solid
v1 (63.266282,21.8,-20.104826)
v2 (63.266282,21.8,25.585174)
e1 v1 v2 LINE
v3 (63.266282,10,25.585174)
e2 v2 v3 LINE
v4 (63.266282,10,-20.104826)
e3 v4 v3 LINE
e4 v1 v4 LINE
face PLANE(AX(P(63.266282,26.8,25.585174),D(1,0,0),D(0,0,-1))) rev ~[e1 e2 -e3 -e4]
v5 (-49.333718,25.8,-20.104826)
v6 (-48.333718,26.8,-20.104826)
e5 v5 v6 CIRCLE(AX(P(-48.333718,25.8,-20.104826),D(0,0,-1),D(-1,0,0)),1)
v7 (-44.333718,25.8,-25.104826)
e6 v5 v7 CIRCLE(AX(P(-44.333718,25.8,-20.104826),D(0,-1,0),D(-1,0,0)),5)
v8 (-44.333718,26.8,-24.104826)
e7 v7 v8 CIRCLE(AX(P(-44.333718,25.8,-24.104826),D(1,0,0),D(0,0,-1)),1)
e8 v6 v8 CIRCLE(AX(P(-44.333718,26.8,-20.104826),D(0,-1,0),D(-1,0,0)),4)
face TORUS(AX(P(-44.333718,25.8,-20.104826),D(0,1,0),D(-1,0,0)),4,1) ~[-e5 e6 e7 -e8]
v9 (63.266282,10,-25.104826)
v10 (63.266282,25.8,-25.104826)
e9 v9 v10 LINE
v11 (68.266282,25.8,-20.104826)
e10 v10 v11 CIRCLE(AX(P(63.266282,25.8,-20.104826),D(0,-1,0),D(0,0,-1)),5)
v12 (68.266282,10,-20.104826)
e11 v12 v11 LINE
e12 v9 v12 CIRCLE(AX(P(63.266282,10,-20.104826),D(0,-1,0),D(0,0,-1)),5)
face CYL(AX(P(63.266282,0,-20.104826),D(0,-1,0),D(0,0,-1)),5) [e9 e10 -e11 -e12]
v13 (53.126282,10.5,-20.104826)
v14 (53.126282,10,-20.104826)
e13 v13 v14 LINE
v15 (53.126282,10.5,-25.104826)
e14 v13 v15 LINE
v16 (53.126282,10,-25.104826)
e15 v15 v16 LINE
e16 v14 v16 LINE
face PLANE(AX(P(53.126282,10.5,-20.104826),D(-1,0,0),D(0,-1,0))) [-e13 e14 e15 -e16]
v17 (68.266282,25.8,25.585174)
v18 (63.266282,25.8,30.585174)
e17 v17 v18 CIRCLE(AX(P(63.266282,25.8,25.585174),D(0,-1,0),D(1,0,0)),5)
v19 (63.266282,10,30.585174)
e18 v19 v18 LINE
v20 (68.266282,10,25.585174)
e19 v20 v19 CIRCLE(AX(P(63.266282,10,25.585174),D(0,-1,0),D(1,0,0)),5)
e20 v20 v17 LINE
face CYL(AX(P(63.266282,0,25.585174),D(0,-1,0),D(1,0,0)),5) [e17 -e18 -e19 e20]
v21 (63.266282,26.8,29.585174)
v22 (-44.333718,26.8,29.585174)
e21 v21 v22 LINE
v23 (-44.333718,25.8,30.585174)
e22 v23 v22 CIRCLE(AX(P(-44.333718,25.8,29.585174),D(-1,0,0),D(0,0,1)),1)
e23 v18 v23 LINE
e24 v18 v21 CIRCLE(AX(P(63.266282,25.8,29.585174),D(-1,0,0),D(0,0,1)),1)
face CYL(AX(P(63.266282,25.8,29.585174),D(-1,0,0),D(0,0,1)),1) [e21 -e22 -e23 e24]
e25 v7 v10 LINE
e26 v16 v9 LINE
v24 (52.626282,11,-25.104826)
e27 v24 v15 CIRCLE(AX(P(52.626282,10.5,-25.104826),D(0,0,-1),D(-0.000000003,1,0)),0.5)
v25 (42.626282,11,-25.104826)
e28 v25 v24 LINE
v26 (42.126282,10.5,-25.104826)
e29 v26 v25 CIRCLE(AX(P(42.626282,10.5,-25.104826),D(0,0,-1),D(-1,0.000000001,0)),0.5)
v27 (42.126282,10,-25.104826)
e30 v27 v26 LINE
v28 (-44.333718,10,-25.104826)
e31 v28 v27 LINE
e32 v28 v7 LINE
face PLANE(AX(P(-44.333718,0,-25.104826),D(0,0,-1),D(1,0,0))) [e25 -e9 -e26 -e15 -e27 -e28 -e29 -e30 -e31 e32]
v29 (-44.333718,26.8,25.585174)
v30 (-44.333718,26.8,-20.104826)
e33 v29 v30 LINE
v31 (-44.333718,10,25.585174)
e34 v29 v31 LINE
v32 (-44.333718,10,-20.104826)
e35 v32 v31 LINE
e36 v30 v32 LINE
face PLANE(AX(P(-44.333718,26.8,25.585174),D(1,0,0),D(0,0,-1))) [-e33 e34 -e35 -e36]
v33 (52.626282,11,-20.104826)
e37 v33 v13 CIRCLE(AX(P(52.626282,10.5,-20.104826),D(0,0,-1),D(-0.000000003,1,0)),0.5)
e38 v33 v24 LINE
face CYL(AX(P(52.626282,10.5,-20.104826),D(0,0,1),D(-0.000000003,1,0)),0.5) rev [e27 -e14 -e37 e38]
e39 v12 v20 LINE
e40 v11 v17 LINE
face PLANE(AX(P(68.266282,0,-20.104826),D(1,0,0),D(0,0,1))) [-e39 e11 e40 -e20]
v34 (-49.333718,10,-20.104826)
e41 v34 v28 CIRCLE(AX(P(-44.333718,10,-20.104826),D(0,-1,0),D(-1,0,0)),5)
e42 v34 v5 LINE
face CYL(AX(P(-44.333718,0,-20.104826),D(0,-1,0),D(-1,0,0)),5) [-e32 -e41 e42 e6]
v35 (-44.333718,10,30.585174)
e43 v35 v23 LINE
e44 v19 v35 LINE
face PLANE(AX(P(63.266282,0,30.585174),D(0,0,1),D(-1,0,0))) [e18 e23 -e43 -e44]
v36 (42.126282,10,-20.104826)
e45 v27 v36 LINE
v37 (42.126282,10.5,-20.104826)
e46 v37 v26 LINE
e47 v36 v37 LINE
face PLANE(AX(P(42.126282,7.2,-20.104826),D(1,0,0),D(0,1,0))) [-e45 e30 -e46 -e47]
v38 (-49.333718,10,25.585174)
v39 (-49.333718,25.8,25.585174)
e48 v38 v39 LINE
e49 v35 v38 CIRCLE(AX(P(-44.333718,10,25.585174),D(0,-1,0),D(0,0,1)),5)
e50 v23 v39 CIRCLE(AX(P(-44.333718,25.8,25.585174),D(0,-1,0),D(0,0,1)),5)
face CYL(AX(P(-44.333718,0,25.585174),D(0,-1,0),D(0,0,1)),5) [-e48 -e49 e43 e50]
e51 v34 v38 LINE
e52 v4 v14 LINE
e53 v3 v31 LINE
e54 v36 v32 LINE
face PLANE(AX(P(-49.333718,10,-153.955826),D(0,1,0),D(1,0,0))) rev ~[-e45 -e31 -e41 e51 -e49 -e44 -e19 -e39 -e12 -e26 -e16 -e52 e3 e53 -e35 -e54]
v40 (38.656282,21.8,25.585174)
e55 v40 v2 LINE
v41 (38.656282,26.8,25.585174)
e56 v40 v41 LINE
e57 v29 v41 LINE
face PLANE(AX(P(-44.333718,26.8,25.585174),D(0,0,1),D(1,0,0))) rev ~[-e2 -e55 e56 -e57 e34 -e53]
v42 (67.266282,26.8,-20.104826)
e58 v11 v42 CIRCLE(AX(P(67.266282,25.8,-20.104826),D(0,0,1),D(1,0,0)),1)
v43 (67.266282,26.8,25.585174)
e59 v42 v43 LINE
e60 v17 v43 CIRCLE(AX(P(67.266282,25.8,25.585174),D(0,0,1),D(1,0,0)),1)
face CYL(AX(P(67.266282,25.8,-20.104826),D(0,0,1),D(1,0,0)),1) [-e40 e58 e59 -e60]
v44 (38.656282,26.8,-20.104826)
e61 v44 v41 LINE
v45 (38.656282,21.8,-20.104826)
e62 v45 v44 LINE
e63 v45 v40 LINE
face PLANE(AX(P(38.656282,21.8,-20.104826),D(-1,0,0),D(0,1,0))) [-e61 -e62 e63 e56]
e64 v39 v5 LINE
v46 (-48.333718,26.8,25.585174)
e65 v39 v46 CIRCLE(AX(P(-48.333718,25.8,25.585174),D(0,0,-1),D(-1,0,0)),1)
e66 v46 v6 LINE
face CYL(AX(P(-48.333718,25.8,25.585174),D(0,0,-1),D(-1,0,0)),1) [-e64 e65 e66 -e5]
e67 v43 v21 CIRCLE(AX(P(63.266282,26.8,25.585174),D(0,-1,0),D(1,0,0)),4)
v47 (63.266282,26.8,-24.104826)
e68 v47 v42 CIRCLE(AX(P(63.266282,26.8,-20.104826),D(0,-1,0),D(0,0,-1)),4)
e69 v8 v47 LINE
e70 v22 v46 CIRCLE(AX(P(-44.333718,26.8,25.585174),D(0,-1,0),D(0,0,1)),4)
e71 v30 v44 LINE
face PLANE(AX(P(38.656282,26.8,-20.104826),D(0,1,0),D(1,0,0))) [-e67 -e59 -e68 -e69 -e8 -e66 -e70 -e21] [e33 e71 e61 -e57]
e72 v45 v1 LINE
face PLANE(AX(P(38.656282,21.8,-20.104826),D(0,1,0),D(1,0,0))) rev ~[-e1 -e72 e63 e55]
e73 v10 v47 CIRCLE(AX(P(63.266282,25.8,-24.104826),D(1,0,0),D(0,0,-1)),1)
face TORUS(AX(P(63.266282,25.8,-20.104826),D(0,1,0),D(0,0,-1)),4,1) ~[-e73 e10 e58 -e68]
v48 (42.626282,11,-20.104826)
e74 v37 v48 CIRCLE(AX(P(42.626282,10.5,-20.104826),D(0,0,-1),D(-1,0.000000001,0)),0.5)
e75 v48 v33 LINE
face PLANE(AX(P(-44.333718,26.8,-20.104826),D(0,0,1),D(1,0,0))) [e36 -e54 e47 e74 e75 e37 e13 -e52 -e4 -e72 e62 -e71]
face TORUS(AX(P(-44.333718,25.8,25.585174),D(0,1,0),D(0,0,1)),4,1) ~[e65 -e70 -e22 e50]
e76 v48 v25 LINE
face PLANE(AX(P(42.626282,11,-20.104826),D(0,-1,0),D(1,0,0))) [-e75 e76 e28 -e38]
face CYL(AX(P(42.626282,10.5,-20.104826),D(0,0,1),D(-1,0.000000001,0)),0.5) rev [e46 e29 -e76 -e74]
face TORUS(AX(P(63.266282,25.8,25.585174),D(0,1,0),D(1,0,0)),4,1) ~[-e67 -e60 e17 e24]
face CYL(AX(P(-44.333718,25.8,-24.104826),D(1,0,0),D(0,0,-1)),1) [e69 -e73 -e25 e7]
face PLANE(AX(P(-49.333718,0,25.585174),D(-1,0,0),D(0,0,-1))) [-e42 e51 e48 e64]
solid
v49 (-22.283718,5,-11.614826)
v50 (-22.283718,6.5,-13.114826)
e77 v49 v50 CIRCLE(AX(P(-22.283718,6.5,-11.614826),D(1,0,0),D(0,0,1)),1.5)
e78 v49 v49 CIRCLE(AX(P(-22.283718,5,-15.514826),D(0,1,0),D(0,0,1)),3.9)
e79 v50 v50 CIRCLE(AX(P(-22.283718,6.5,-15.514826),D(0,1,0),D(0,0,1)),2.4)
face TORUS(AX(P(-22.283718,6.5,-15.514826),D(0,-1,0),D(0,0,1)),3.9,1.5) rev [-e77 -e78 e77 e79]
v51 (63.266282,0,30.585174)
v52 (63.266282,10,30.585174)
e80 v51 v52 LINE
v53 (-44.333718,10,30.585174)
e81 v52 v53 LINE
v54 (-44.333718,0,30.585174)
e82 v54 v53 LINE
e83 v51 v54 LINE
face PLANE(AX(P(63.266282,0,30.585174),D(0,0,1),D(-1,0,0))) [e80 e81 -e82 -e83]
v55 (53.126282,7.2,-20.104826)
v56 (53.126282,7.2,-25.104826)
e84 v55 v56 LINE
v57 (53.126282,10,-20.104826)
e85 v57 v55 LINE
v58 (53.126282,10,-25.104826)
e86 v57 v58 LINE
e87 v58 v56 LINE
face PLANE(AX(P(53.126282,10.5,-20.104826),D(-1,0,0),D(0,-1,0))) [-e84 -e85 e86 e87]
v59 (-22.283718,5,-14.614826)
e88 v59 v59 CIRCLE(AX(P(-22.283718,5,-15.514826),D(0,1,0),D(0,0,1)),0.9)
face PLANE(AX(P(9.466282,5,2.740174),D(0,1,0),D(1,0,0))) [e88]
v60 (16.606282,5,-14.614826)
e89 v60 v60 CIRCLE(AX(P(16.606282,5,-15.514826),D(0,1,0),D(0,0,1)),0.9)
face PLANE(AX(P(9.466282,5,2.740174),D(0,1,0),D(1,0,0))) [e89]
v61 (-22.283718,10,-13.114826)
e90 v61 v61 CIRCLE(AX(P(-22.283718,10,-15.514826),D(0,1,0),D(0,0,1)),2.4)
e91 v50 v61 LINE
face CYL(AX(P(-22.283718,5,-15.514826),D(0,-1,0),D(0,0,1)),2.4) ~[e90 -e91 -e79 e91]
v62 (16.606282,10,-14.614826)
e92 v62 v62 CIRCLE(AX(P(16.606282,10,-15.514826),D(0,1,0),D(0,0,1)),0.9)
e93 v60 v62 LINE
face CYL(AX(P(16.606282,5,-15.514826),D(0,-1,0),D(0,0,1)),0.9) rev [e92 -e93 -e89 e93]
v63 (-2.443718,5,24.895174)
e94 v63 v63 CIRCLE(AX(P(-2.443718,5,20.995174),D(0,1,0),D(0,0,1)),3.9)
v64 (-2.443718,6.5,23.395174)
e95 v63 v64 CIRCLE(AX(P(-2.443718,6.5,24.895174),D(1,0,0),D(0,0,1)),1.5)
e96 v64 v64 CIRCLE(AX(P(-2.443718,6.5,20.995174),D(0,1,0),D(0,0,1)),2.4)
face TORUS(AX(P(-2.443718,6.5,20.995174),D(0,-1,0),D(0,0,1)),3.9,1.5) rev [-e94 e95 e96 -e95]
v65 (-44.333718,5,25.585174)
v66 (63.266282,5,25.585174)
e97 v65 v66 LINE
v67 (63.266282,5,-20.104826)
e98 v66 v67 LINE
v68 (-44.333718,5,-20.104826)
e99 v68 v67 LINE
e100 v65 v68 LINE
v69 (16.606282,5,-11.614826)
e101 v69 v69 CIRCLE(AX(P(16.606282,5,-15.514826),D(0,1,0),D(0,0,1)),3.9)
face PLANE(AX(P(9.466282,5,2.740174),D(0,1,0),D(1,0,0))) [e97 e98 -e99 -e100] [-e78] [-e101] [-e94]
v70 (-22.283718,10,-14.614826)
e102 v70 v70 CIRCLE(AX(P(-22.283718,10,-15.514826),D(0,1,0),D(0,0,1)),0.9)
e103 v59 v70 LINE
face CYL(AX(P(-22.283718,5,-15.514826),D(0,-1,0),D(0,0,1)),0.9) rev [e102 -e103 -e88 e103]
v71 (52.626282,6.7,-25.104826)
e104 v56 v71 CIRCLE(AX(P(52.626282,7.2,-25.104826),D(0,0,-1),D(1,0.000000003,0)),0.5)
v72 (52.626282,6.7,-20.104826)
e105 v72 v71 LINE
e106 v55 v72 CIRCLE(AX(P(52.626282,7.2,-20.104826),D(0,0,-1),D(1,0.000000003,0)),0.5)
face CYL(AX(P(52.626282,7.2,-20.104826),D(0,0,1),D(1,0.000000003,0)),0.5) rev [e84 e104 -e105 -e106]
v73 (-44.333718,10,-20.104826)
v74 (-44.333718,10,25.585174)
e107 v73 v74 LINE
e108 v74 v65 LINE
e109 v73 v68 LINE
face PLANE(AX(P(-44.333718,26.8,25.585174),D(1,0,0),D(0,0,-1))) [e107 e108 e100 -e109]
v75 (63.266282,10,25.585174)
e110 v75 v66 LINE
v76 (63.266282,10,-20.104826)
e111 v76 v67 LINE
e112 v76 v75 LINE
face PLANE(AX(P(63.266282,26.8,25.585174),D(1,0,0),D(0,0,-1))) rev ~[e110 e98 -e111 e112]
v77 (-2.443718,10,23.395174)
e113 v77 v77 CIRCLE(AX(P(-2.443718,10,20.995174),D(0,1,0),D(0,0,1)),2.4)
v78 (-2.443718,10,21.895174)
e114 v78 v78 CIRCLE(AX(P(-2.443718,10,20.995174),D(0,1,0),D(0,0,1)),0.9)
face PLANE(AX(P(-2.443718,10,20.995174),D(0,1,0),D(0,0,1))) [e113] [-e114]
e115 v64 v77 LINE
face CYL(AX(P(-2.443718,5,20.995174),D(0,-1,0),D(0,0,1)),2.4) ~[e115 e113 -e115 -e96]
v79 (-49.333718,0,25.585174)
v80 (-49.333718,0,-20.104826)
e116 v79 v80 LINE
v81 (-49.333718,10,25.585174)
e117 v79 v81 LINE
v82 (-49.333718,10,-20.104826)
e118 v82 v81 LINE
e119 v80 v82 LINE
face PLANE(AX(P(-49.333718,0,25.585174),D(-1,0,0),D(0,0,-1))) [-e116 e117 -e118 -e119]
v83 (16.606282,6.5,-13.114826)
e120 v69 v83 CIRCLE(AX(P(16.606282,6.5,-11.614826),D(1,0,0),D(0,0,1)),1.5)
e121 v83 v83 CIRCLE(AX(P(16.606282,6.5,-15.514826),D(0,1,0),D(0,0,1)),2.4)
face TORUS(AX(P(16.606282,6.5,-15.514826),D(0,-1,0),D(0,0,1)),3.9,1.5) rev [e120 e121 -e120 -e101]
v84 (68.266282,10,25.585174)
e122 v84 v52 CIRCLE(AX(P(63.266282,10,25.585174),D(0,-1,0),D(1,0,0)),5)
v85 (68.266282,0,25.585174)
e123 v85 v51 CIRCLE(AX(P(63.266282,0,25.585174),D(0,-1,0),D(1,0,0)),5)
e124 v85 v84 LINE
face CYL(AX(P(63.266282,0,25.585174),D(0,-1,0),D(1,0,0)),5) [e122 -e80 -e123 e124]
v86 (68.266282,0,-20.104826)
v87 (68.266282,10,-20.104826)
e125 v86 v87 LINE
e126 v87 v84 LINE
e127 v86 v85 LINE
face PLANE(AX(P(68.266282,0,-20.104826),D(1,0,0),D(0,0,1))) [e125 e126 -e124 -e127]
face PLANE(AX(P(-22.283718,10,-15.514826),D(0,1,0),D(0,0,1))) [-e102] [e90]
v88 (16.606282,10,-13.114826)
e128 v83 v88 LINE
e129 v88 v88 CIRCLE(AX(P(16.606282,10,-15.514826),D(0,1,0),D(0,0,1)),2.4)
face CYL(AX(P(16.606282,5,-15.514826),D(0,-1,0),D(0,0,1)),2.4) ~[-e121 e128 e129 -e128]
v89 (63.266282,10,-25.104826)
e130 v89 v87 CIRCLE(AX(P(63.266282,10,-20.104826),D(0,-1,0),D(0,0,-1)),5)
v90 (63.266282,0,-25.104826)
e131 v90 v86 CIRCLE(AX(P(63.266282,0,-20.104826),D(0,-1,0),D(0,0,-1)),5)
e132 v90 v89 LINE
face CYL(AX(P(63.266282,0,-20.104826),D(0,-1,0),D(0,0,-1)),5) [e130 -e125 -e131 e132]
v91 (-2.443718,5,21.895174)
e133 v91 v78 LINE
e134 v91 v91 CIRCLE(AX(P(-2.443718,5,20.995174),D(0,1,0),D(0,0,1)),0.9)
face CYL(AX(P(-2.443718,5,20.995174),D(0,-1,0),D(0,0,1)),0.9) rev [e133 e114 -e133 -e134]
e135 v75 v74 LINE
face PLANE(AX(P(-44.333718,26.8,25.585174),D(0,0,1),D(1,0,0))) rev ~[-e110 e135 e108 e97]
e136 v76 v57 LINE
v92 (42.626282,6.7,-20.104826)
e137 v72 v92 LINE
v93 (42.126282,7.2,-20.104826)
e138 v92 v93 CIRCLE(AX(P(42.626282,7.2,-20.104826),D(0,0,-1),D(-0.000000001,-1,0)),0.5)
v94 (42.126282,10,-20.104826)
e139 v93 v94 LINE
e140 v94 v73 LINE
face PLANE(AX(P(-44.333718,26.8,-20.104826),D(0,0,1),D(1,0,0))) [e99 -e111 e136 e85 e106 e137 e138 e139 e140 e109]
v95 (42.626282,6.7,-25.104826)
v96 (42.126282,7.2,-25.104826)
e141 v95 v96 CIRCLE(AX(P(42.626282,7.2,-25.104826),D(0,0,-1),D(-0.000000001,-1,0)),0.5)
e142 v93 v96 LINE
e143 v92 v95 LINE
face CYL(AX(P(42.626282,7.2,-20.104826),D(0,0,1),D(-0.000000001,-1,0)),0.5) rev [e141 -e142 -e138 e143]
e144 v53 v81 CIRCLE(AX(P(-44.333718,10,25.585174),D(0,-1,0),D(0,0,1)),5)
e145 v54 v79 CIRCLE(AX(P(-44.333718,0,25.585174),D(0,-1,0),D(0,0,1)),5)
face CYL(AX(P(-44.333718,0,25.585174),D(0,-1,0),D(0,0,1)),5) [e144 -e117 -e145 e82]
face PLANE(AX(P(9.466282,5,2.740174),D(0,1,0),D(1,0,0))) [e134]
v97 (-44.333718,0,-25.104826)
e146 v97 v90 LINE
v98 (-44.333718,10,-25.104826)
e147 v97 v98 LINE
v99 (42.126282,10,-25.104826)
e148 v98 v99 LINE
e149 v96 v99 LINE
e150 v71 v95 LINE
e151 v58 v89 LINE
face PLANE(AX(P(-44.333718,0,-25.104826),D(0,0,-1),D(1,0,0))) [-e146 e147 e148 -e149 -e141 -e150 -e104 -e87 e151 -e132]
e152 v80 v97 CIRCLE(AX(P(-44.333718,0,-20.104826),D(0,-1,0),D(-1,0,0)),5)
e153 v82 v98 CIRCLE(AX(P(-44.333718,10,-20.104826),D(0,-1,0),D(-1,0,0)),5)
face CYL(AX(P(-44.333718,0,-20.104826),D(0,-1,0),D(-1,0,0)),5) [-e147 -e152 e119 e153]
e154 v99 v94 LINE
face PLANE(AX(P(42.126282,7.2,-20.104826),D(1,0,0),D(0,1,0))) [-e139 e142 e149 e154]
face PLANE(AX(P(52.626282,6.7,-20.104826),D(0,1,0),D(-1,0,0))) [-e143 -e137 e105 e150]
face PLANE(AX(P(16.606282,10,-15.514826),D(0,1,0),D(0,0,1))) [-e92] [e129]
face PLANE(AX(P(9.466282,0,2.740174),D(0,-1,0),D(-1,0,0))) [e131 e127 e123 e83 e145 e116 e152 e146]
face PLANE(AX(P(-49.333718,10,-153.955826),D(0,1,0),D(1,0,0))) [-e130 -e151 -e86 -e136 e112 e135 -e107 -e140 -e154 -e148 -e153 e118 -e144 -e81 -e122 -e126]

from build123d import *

# Parameters (mm, degrees)
BOSS_EXTRUDE2_DEPTH    = 26.8
SKETCH2_W              = 107.6
SKETCH2_H              = 45.69
CUT_EXTRUDE2_DEPTH     = 21.8
SKETCH3_R              = 2.4
SKETCH3_R_2            = 0.9
BOSS_EXTRUDE3_DEPTH    = 5
FILLET3_R              = 1
FILLET5_R              = 1.5
FILLET6_R              = 1.5
FILLET7_R              = 1.5
BOSS_EXTRUDE4_REACH    = 91.152
SKETCH10_W             = 24.61
SKETCH10_H             = 5
CUT_EXTRUDE3_DEPTH     = 5
SPLIT1_SURFACE_1_BACK  = 133.851
SPLIT1_SURFACE_1_DEPTH = 267.702
SPLIT1_SURFACE_2_BACK  = 133.851
SPLIT1_SURFACE_2_DEPTH = 267.702


with BuildPart() as part:
    # Sketch1 → Boss-Extrude2 (new body)
    with BuildSketch(Plane(origin=(0, 0, 0), x_dir=(1, 0, 0), z_dir=(0, 1, 0))):
        with BuildLine():
            Line((-44.333718436, 25.104825802), (63.266281564, 25.104825802))
            ThreePointArc((63.266281564, 25.104825802), (66.80181547, 23.640359708), (68.266281564, 20.104825802))
            Line((68.266281564, 20.104825802), (68.266281564, -25.585174198))
            ThreePointArc((68.266281564, -25.585174198), (66.80181547, -29.120708104), (63.266281564, -30.585174198))
            Line((63.266281564, -30.585174198), (-44.333718436, -30.585174198))
            ThreePointArc((-44.333718436, -30.585174198), (-47.869252342, -29.120708104), (-49.333718436, -25.585174198))
            Line((-49.333718436, -25.585174198), (-49.333718436, 20.104825802))
            ThreePointArc((-49.333718436, 20.104825802), (-47.869252342, 23.640359708), (-44.333718436, 25.104825802))
        make_face()
    extrude(amount=BOSS_EXTRUDE2_DEPTH)

    # Sketch2 → Cut-Extrude2 (cut)
    with BuildSketch(Plane(origin=(0, 26.8, 0), x_dir=(1, 0, 0), z_dir=(0, 1, 0))):
        with Locations((9.466281564, -2.740174198)):
            Rectangle(SKETCH2_W, SKETCH2_H)
    extrude(amount=-CUT_EXTRUDE2_DEPTH, mode=Mode.SUBTRACT)

    # Sketch3 → Boss-Extrude3 (add)
    # profile 1 of 3: a face of its own
    with BuildSketch(Plane(origin=(0, 5, 0), x_dir=(1, 0, 0), z_dir=(0, 1, 0))):
        with Locations(Location((-22.283718436, 15.514825802, 0), (0, 0, 270))):
            Circle(SKETCH3_R)
        with Locations(Location((-22.283718436, 15.514825802, 0), (0, 0, 270))):
            Circle(SKETCH3_R_2, mode=Mode.SUBTRACT)
    # profile 2 of 3: a face of its own
    with BuildSketch(Plane(origin=(0, 5, 0), x_dir=(1, 0, 0), z_dir=(0, 1, 0))):
        with Locations(Location((16.606281564, 15.514825802, 0), (0, 0, 270))):
            Circle(SKETCH3_R)
        with Locations(Location((16.606281564, 15.514825802, 0), (0, 0, 270))):
            Circle(SKETCH3_R_2, mode=Mode.SUBTRACT)
    # profile 3 of 3: a face of its own
    with BuildSketch(Plane(origin=(0, 5, 0), x_dir=(1, 0, 0), z_dir=(0, 1, 0))):
        with Locations(Location((-2.443718436, -20.995174198, 0), (0, 0, 270))):
            Circle(SKETCH3_R)
        with Locations(Location((-2.443718436, -20.995174198, 0), (0, 0, 270))):
            Circle(SKETCH3_R_2, mode=Mode.SUBTRACT)
    extrude(amount=BOSS_EXTRUDE3_DEPTH)

    # Fillet3
    fillet3_edges = [part.edges().sort_by_distance(p)[0] for p in [
        (66.80181547, 26.8, -23.640359708),
        (68.266281564, 26.8, 2.740174198),
        (66.80181547, 26.8, 29.120708104),
        (9.466281564, 26.8, 30.585174198),
        (-47.869252342, 26.8, 29.120708104),
        (-49.333718436, 26.8, 2.740174198),
        (-47.869252342, 26.8, -23.640359708),
        (9.466281564, 26.8, -25.104825802),
    ]]
    fillet(fillet3_edges, radius=FILLET3_R)

    # Fillet5
    fillet5_edges = [part.edges().sort_by_distance(p)[0] for p in [
        (16.606281564, 5, -17.914825802),
    ]]
    fillet(fillet5_edges, radius=FILLET5_R)

    # Fillet6
    fillet6_edges = [part.edges().sort_by_distance(p)[0] for p in [
        (-22.283718436, 5, -17.914825802),
    ]]
    fillet(fillet6_edges, radius=FILLET6_R)

    # Fillet7
    fillet7_edges = [part.edges().sort_by_distance(p)[0] for p in [
        (-2.443718436, 5, 18.595174198),
    ]]
    fillet(fillet7_edges, radius=FILLET7_R)

    # Sketch10 → Boss-Extrude4 (add, up to next)
    with BuildSketch(Plane.XY.offset(-20.104825802), mode=Mode.PRIVATE) as boss_extrude4_sk1:
        with Locations((50.961281564, 24.3)):
            Rectangle(SKETCH10_W, SKETCH10_H)
    boss_extrude4_tool1 = extrude(boss_extrude4_sk1.sketch, amount=BOSS_EXTRUDE4_REACH, mode=Mode.PRIVATE) - part.part
    add(boss_extrude4_tool1.solids().sort_by_distance((50.961282, 24.3, -20.104826))[0])

    # Sketch13 → Cut-Extrude3 (cut)
    with BuildSketch(Plane.XY.offset(-20.104825802)):
        with BuildLine():
            Line((42.626281564, 11), (52.626281564, 11))
            ThreePointArc((52.626281564, 11), (52.979834955, 10.853553391), (53.126281564, 10.5))
            Line((53.126281564, 10.5), (53.126281564, 7.2))
            ThreePointArc((53.126281564, 7.2), (52.979834955, 6.846446609), (52.626281564, 6.7))
            Line((52.626281564, 6.7), (42.626281564, 6.7))
            ThreePointArc((42.626281564, 6.7), (42.272728174, 6.846446609), (42.126281564, 7.2))
            Line((42.126281564, 7.2), (42.126281564, 10.5))
            ThreePointArc((42.126281564, 10.5), (42.272728174, 10.853553391), (42.626281564, 11))
        make_face()
    extrude(amount=-CUT_EXTRUDE3_DEPTH, mode=Mode.SUBTRACT)


with BuildPart() as body_2:
    # Split1: the piece behind the surface
    add(part.part)
    # Split1 surface: a surface, the sketch's curves swept straight by 267.702 mm
    with BuildLine(Plane.XY.offset(-20.104825802).offset(-SPLIT1_SURFACE_1_BACK), mode=Mode.PRIVATE) as split1_surface_1_path:
        Line((-49.333718436, 10), (68.266281564, 10))
    split1_surface_1 = Shell.extrude(split1_surface_1_path.wire(), (0 * SPLIT1_SURFACE_1_DEPTH, 0 * SPLIT1_SURFACE_1_DEPTH, 1 * SPLIT1_SURFACE_1_DEPTH))
    split(bisect_by=split1_surface_1, keep=Keep.BOTTOM)


with BuildPart() as part_1:
    add(part.part)

    # Split1: split by a surface, the side it looks to stays
    # Split1 surface: a surface, the sketch's curves swept straight by 267.702 mm
    with BuildLine(Plane.XY.offset(-20.104825802).offset(-SPLIT1_SURFACE_2_BACK), mode=Mode.PRIVATE) as split1_surface_2_path:
        Line((-49.333718436, 10), (68.266281564, 10))
    split1_surface_2 = Shell.extrude(split1_surface_2_path.wire(), (0 * SPLIT1_SURFACE_2_DEPTH, 0 * SPLIT1_SURFACE_2_DEPTH, 1 * SPLIT1_SURFACE_2_DEPTH))
    split(bisect_by=split1_surface_2, keep=Keep.TOP)


solid = Compound([body_2.part, part_1.part])
